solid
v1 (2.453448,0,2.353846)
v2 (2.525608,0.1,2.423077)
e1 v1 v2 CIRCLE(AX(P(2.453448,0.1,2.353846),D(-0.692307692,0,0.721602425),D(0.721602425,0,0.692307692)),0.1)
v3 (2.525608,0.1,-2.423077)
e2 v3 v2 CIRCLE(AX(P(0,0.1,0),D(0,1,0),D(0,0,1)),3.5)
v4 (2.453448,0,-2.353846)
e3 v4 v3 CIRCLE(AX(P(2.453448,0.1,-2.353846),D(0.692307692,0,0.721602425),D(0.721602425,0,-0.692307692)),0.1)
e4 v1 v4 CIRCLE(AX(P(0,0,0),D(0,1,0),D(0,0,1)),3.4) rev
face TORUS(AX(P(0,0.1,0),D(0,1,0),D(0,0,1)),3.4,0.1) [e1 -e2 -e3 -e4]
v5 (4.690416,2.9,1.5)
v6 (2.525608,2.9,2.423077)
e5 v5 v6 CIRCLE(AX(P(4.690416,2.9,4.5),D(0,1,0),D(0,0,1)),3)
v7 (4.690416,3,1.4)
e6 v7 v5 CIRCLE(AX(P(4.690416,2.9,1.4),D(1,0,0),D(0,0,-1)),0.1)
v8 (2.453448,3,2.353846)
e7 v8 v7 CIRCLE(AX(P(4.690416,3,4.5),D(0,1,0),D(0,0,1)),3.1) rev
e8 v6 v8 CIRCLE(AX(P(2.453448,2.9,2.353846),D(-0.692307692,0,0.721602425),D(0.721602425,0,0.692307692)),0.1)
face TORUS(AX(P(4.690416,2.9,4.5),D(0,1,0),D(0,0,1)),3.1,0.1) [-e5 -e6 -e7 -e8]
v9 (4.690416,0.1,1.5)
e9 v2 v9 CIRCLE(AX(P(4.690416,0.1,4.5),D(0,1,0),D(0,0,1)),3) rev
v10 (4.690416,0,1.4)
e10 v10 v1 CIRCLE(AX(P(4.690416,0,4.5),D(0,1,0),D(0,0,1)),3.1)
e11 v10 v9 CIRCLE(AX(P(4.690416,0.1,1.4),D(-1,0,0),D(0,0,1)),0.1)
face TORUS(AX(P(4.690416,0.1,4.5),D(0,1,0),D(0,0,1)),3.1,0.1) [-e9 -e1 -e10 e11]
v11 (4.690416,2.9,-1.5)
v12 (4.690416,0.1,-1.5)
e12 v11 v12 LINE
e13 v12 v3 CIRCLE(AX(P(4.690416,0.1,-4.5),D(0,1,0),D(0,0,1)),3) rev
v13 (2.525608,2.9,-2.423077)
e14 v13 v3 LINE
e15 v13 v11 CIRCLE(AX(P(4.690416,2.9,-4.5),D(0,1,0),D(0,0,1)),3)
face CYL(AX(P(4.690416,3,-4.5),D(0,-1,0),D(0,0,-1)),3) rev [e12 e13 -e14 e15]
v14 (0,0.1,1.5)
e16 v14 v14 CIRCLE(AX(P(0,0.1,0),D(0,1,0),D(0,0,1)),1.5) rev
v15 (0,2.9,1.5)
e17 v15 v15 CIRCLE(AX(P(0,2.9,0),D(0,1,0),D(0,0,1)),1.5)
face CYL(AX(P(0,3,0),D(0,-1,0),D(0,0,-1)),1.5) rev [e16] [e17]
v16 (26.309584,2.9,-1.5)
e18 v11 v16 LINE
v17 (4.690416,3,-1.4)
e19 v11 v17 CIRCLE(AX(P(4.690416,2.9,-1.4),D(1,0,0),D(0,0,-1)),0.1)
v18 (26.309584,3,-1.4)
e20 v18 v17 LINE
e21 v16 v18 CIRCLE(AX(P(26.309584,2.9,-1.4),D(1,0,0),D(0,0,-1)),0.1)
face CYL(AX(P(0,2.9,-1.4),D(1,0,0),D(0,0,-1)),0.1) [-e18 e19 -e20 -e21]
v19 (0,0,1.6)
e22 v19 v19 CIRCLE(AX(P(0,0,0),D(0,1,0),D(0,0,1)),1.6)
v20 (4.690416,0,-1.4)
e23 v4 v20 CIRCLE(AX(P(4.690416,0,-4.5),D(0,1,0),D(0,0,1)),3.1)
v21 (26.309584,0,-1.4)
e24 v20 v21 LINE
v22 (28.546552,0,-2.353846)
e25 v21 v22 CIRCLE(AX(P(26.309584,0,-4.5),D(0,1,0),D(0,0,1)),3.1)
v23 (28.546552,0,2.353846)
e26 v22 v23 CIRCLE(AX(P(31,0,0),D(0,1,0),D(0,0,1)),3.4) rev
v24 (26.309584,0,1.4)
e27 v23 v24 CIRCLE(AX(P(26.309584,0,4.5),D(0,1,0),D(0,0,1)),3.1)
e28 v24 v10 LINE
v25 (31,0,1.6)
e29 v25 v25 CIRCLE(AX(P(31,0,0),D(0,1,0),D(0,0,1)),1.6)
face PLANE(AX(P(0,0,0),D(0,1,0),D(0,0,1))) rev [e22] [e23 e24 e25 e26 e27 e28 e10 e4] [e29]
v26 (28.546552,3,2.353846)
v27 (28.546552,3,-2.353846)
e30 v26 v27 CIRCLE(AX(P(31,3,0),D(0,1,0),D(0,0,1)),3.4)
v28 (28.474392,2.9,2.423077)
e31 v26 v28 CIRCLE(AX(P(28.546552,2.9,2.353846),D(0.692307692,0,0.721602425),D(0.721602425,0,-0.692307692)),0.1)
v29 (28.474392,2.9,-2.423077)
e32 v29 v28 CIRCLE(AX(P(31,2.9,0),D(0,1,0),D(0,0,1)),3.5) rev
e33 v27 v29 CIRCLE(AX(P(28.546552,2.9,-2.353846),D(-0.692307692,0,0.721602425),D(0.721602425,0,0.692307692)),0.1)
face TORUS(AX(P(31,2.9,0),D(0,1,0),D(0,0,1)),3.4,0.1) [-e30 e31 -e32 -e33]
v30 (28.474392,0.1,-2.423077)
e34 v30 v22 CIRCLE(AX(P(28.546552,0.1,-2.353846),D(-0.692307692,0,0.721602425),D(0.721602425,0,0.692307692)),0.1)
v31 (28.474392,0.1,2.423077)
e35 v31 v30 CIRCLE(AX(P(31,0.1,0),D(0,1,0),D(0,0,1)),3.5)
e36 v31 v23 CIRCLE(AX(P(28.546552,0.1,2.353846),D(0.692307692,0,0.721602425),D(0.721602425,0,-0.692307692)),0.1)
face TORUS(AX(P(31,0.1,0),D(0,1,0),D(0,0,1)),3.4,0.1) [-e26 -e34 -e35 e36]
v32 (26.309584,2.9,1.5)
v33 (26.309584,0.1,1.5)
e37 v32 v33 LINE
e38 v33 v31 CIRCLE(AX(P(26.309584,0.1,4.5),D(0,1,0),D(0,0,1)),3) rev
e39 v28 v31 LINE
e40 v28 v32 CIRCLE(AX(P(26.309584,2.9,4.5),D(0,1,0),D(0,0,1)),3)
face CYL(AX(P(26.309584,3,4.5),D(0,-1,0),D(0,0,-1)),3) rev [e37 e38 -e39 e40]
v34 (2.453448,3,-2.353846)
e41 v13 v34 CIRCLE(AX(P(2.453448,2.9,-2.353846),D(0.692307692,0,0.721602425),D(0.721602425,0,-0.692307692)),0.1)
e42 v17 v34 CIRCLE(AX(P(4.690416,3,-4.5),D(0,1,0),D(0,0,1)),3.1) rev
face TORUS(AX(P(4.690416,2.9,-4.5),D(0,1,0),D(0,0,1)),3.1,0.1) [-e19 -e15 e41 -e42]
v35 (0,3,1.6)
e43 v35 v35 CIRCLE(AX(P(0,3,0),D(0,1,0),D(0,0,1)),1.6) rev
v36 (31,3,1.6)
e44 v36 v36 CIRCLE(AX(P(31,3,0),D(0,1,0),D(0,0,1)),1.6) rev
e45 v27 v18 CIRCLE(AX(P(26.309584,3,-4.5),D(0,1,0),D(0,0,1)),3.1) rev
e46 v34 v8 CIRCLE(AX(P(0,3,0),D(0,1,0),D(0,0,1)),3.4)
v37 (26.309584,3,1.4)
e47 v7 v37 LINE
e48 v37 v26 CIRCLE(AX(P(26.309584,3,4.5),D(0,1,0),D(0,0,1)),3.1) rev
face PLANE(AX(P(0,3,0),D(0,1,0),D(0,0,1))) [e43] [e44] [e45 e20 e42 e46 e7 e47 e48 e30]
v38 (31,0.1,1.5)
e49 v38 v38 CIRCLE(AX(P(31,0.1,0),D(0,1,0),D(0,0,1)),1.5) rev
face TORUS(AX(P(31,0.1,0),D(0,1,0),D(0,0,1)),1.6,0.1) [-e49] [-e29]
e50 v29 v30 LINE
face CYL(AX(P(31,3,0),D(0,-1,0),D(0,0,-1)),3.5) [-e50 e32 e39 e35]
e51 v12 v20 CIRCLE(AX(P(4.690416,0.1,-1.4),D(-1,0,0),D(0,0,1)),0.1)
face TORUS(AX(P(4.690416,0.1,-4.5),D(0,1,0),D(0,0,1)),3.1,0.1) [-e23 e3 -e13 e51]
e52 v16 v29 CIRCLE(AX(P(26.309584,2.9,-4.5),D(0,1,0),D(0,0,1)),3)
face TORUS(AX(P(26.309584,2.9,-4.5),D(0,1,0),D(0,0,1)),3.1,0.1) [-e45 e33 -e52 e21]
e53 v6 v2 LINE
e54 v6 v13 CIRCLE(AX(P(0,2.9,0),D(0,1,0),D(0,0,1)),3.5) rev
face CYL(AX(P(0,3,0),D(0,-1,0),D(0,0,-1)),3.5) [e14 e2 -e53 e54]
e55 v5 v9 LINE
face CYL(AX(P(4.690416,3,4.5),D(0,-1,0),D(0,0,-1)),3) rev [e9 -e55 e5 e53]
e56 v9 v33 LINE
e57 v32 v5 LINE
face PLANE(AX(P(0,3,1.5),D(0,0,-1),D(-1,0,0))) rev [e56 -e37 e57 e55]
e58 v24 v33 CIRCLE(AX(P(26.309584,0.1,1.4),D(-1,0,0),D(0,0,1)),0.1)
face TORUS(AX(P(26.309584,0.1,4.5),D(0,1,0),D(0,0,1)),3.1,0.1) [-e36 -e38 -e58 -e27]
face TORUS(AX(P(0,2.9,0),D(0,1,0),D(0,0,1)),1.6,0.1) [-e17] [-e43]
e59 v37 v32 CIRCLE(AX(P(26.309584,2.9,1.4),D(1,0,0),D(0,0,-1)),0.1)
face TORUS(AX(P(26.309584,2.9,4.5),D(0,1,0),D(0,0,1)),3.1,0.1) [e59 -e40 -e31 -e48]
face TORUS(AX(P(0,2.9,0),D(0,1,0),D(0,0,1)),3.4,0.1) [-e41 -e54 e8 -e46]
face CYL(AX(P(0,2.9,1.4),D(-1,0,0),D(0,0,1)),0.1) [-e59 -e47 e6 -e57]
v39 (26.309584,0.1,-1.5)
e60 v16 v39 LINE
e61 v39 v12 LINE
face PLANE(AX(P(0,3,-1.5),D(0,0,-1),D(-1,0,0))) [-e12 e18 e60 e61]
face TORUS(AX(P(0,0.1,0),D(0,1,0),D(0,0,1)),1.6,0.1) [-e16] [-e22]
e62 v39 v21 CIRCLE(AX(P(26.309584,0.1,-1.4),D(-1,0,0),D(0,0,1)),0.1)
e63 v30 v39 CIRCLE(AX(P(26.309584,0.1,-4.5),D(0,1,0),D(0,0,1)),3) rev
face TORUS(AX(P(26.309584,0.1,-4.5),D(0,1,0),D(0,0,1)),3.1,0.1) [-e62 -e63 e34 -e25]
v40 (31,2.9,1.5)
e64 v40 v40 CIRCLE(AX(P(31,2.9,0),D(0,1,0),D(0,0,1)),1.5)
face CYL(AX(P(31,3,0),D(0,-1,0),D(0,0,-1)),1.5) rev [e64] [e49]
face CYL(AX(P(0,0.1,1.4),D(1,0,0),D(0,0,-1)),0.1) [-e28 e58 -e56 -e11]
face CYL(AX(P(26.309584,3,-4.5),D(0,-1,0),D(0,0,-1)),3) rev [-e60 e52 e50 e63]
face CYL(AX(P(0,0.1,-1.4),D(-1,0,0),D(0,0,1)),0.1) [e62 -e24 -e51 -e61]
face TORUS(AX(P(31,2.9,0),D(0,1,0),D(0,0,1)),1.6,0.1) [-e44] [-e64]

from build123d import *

# Parameters (mm, degrees)
SKETCH1_R           = 1.5
BOSS_EXTRUDE1_DEPTH = 3
FILLET1_R           = 0.1


with BuildPart() as part:
    # Sketch1 → Boss-Extrude1 (new body)
    with BuildSketch(Plane(origin=(0, 0, 0), x_dir=(1, 0, 0), z_dir=(0, 1, 0))):
        with BuildLine():
            Line((4.69041576, 1.5), (26.30958424, 1.5))
            ThreePointArc((26.30958424, 1.5), (27.486281051, 1.740401367), (28.474391514, 2.423076923))
            ThreePointArc((28.474391514, 2.423076923), (34.5, 0), (28.474391514, -2.423076923))
            ThreePointArc((28.474391514, -2.423076923), (27.486281051, -1.740401367), (26.30958424, -1.5))
            Line((26.30958424, -1.5), (4.69041576, -1.5))
            ThreePointArc((4.69041576, -1.5), (3.513718949, -1.740401367), (2.525608486, -2.423076923))
            ThreePointArc((2.525608486, -2.423076923), (-3.5, 0), (2.525608486, 2.423076923))
            ThreePointArc((2.525608486, 2.423076923), (3.513718949, 1.740401367), (4.69041576, 1.5))
        make_face()
        Circle(SKETCH1_R, mode=Mode.SUBTRACT)
        with Locations((31, 0)):
            Circle(SKETCH1_R, mode=Mode.SUBTRACT)
    extrude(amount=BOSS_EXTRUDE1_DEPTH)

    # Fillet1
    fillet1_edges = [part.edges().sort_by_distance(p)[0] for p in [
        (27.486281051, 0, -1.740401367),
        (34.5, 0, 0),
        (29.5, 3, 0),
        (27.486281051, 0, 1.740401367),
        (15.5, 0, 1.5),
        (3.513718949, 0, 1.740401367),
        (-3.5, 0, 0),
        (3.513718949, 0, -1.740401367),
        (15.5, 0, -1.5),
        (29.5, 0, 0),
        (-1.5, 0, 0),
        (15.5, 3, -1.5),
        (3.513718949, 3, -1.740401367),
        (-3.5, 3, 0),
        (3.513718949, 3, 1.740401367),
        (15.5, 3, 1.5),
        (27.486281051, 3, 1.740401367),
        (34.5, 3, 0),
        (27.486281051, 3, -1.740401367),
        (-1.5, 3, 0),
    ]]
    fillet(fillet1_edges, radius=FILLET1_R)


solid = part.part
